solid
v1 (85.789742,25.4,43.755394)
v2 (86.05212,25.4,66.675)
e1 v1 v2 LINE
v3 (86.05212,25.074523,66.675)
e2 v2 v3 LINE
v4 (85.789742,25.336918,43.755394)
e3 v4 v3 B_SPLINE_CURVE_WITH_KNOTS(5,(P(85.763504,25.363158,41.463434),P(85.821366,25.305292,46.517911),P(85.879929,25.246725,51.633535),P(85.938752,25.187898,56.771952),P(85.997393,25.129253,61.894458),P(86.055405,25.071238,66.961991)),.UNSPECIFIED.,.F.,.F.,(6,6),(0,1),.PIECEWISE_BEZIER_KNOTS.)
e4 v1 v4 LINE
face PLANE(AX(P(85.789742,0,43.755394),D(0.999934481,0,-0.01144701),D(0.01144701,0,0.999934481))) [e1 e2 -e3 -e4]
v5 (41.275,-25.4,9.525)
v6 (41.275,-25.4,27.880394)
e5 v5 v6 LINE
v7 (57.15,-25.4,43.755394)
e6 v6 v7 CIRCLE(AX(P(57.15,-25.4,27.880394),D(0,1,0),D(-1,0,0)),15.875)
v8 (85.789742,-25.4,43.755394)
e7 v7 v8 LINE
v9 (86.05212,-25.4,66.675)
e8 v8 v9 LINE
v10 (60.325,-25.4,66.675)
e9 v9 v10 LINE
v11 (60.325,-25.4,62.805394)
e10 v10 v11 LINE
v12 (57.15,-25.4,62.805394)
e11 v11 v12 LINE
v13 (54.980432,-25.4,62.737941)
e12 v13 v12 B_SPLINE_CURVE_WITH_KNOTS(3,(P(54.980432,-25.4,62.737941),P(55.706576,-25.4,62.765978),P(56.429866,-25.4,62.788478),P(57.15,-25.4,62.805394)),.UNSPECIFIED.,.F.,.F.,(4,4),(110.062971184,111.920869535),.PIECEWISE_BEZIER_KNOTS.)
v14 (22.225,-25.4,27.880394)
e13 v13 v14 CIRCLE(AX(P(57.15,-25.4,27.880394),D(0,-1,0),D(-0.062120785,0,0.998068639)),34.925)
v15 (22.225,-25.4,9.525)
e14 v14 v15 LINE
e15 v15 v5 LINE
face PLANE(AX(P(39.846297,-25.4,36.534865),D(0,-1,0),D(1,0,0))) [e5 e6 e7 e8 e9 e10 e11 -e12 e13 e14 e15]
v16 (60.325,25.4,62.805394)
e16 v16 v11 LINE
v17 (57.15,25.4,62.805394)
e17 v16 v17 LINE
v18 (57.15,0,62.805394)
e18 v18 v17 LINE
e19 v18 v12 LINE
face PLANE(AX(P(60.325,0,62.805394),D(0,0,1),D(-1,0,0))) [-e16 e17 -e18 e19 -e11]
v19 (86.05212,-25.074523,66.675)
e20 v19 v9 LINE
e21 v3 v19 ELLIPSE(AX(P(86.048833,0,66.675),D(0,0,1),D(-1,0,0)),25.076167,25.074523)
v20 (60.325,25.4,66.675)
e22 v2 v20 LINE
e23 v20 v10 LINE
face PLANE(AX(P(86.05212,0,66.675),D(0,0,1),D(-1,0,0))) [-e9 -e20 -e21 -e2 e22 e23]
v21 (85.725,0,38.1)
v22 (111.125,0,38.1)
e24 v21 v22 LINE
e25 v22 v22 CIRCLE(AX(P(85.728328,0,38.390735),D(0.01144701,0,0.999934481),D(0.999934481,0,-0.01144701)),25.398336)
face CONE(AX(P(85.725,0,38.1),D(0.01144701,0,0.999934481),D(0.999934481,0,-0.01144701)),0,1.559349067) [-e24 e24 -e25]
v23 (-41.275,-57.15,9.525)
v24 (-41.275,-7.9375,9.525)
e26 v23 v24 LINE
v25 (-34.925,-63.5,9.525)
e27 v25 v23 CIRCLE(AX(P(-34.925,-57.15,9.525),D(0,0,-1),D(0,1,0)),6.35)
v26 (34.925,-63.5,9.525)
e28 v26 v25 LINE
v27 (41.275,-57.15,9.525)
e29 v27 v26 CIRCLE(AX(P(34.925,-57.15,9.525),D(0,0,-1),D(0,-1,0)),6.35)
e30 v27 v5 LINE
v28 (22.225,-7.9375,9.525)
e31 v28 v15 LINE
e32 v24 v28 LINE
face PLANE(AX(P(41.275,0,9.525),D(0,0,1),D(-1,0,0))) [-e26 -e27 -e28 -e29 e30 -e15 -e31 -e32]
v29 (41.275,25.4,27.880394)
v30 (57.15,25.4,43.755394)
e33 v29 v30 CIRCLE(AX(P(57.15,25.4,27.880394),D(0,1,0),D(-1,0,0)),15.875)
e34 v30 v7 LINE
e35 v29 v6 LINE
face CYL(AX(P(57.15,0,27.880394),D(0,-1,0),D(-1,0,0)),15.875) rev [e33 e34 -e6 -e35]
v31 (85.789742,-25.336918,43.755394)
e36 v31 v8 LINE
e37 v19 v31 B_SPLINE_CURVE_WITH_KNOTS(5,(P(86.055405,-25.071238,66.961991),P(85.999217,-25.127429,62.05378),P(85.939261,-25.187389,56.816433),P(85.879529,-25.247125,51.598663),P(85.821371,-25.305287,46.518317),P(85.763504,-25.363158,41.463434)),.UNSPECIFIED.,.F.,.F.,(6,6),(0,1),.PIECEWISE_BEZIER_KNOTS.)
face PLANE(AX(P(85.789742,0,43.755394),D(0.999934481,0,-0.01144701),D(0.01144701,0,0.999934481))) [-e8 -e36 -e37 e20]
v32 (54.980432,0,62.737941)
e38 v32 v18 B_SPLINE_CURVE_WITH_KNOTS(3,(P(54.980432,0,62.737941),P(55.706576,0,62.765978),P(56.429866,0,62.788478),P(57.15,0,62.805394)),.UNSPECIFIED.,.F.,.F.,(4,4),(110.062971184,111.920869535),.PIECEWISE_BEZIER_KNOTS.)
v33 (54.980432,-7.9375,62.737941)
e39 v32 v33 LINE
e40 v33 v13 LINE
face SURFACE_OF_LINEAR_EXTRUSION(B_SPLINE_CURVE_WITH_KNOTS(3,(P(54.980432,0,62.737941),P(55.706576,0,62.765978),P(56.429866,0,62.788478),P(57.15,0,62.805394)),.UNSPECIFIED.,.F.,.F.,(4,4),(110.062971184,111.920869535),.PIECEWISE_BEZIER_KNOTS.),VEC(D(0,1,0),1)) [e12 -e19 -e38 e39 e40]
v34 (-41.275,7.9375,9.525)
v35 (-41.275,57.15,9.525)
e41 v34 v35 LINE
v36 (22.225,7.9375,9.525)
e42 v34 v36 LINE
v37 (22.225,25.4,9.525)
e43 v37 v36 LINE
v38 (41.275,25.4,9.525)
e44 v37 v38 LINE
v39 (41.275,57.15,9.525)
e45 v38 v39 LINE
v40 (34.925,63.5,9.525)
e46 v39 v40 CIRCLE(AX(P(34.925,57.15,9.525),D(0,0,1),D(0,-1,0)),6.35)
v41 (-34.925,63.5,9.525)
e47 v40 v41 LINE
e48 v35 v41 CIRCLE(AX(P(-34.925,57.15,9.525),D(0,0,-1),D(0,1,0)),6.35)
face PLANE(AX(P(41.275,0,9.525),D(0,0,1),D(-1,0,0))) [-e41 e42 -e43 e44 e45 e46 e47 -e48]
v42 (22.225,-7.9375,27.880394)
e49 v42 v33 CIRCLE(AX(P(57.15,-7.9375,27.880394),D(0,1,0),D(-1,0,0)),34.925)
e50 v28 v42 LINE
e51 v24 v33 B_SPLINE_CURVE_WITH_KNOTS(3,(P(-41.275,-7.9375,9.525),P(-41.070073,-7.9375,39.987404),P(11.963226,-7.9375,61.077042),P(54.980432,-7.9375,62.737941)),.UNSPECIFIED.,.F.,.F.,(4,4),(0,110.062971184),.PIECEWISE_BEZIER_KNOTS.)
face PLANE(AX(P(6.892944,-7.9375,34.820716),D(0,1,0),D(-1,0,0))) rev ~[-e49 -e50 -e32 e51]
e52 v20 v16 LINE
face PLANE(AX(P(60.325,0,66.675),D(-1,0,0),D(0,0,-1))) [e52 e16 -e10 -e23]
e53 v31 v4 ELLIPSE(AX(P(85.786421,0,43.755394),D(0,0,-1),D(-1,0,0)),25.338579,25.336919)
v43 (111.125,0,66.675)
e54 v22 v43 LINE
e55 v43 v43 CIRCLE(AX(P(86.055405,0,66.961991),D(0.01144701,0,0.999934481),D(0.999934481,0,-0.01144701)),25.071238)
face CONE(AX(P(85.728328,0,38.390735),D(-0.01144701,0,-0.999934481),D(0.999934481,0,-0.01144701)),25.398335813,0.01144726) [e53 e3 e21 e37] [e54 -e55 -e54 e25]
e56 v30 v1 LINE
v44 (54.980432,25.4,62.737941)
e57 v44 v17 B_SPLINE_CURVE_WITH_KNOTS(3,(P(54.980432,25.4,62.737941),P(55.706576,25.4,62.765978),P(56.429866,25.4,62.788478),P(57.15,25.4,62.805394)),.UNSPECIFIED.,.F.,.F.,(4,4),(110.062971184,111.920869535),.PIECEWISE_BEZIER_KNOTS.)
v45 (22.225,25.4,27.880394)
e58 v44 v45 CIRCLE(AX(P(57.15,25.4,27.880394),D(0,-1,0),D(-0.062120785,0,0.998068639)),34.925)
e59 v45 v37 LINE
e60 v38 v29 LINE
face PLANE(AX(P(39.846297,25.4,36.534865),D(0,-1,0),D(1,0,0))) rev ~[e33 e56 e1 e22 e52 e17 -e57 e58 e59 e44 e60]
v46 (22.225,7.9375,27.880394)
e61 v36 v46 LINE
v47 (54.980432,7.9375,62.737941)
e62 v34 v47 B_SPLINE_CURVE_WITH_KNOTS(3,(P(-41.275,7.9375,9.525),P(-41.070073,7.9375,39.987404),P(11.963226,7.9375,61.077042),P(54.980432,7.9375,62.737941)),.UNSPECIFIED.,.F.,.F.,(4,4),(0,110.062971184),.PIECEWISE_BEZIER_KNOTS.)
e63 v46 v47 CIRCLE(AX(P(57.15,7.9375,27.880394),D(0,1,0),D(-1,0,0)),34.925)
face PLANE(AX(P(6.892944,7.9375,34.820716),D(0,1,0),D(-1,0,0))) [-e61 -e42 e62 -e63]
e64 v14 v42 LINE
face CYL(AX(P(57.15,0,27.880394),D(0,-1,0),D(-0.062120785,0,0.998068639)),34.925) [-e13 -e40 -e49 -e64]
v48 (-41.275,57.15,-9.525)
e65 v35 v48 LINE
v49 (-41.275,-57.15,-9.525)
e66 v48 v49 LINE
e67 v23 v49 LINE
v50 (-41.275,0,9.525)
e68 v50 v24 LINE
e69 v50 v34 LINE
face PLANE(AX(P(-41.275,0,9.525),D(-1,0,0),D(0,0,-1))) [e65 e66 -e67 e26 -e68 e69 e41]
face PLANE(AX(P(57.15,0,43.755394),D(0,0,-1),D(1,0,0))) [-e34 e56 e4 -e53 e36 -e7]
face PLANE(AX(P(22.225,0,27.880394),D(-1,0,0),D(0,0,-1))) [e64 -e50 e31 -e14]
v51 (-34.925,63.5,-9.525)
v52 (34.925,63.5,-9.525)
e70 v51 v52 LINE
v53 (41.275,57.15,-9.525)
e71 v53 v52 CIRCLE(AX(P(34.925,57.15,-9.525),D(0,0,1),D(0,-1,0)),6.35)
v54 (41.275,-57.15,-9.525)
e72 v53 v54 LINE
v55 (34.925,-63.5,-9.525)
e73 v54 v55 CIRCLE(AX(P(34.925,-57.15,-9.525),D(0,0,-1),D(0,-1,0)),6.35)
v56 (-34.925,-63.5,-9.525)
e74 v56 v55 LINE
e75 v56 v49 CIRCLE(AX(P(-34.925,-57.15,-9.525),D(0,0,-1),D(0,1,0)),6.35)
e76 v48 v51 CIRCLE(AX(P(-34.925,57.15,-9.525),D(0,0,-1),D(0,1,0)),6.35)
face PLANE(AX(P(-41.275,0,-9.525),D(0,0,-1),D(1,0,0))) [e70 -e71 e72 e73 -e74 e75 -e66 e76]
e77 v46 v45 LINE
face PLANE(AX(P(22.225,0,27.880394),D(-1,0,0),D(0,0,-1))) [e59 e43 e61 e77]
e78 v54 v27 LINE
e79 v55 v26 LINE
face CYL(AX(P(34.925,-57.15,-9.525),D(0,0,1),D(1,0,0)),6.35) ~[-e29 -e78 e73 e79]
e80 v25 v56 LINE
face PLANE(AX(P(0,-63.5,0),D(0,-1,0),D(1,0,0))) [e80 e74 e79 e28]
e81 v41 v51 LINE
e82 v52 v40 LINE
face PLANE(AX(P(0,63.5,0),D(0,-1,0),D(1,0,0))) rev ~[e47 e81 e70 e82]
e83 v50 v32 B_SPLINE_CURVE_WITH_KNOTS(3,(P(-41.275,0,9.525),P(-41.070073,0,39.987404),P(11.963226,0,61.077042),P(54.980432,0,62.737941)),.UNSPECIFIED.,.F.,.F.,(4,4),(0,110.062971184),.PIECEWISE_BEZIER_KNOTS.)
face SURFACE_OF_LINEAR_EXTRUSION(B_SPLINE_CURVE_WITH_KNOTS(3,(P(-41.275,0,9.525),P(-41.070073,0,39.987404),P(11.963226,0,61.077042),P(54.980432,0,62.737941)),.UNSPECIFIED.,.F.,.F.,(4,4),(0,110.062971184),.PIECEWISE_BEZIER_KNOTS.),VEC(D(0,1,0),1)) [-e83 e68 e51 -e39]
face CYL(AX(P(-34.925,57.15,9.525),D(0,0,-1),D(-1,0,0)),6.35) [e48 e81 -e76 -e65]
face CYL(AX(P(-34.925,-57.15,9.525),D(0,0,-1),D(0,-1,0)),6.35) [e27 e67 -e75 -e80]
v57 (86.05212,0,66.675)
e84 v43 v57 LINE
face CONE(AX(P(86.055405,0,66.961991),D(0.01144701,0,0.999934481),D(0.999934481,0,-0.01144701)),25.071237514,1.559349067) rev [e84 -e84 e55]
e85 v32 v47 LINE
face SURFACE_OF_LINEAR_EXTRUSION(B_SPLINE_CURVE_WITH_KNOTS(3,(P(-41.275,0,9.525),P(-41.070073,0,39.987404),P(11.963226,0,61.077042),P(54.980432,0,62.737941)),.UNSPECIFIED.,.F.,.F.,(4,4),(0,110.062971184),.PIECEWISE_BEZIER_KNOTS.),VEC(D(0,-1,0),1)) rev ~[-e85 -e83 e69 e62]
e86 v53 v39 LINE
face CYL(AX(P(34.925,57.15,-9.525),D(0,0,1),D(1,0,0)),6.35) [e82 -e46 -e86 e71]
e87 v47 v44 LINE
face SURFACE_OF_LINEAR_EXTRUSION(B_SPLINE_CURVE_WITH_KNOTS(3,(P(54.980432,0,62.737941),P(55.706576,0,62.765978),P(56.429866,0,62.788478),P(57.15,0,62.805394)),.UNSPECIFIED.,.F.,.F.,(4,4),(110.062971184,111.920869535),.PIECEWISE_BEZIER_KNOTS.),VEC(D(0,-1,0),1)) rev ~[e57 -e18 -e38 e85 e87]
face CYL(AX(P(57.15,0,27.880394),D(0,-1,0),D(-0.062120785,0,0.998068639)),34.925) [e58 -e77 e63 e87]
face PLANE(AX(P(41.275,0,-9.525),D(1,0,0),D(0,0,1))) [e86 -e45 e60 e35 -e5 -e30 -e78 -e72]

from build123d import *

# Parameters (mm, degrees)
F1_DEPTH = 63.5
F2_DEPTH = 25.4
F3_DEPTH = 7.9375
F5_R     = 6.35


with BuildPart() as f1:
    # F0 (on Front) → F1 (new body, symmetric)
    with BuildSketch(Plane.XZ):
        Polygon((22.225, 9.525), (-41.275, 9.525), (-41.275, -9.525), (41.275, -9.525), (41.275, 9.525), align=None)
    extrude(amount=F1_DEPTH, both=True)

    # F0 (on Front) → F2 (join, symmetric)
    with BuildSketch(Plane.XZ):
        with BuildLine():
            Line((22.225, 27.8803942589), (22.225, 9.525))
            Line((22.225, 9.525), (41.275, 9.525))
            Line((41.275, 9.525), (41.275, 27.8803942589))
            ThreePointArc((41.275, 27.8803942589), (45.9246798487, 39.1057144102), (57.15, 43.7553942589))
            Line((57.15, 43.7553942589), (60.325, 43.7553942589))
            Line((60.325, 43.7553942589), (60.325, 62.8053942589))
            Line((60.325, 62.8053942589), (57.15, 62.8053942589))
            add(Edge.make_bspline(
                [(54.9804315881, 62.7379414747), (55.7065758569, 62.765977986), (56.4298660875, 62.7884783704), (57.15, 62.8053942589)],
                knots=[110.0629711844, 110.0629711844, 110.0629711844, 110.0629711844, 111.9208695346, 111.9208695346, 111.9208695346, 111.9208695346], degree=3))
            ThreePointArc((54.9804315881, 62.7379414747), (31.6987937242, 51.7967427282), (22.225, 27.8803942589))
        make_face()
        Polygon((60.325, 66.675), (60.325, 62.8053942589), (60.325, 43.7553942589), (85.7897415942, 43.7553942589), (86.0521197319, 66.675), align=None)
    extrude(amount=F2_DEPTH, both=True)

    # F0 (on Front) → F3 (join, symmetric)
    with BuildSketch(Plane.XZ):
        with BuildLine():
            add(Edge.make_bspline(
                [(-41.275, 9.525), (-41.0700733104, 39.9874044881), (11.9632257601, 61.0770423539), (54.9804315881, 62.7379414747)],
                knots=[0, 0, 0, 0, 110.0629711844, 110.0629711844, 110.0629711844, 110.0629711844], degree=3))
            Line((-41.275, 9.525), (22.225, 9.525))
            Line((22.225, 9.525), (22.225, 27.8803942589))
            ThreePointArc((22.225, 27.8803942589), (31.6987937242, 51.7967427282), (54.9804315881, 62.7379414747))
        make_face()
    extrude(amount=F3_DEPTH, both=True)

    # F0 (on Front) → F4 (revolve)
    with BuildSketch(Plane.XZ):
        Polygon((86.0521197319, 66.675), (85.7897415942, 43.7553942589), (85.725, 38.1), (111.125, 38.1), (111.125, 66.675), align=None)
    revolve(axis=Axis((85.888559866, 0, 52.3875), (0.0114470096, 0, 0.9999344808)))

    # F5
    f5_edges = [f1.edges().sort_by_distance(p)[0] for p in [
        (41.275, -63.5, 0),
        (-41.275, -63.5, 0),
        (-41.275, 63.5, 0),
        (41.275, 63.5, 0),
    ]]
    fillet(f5_edges, radius=F5_R)


solid = f1.part
